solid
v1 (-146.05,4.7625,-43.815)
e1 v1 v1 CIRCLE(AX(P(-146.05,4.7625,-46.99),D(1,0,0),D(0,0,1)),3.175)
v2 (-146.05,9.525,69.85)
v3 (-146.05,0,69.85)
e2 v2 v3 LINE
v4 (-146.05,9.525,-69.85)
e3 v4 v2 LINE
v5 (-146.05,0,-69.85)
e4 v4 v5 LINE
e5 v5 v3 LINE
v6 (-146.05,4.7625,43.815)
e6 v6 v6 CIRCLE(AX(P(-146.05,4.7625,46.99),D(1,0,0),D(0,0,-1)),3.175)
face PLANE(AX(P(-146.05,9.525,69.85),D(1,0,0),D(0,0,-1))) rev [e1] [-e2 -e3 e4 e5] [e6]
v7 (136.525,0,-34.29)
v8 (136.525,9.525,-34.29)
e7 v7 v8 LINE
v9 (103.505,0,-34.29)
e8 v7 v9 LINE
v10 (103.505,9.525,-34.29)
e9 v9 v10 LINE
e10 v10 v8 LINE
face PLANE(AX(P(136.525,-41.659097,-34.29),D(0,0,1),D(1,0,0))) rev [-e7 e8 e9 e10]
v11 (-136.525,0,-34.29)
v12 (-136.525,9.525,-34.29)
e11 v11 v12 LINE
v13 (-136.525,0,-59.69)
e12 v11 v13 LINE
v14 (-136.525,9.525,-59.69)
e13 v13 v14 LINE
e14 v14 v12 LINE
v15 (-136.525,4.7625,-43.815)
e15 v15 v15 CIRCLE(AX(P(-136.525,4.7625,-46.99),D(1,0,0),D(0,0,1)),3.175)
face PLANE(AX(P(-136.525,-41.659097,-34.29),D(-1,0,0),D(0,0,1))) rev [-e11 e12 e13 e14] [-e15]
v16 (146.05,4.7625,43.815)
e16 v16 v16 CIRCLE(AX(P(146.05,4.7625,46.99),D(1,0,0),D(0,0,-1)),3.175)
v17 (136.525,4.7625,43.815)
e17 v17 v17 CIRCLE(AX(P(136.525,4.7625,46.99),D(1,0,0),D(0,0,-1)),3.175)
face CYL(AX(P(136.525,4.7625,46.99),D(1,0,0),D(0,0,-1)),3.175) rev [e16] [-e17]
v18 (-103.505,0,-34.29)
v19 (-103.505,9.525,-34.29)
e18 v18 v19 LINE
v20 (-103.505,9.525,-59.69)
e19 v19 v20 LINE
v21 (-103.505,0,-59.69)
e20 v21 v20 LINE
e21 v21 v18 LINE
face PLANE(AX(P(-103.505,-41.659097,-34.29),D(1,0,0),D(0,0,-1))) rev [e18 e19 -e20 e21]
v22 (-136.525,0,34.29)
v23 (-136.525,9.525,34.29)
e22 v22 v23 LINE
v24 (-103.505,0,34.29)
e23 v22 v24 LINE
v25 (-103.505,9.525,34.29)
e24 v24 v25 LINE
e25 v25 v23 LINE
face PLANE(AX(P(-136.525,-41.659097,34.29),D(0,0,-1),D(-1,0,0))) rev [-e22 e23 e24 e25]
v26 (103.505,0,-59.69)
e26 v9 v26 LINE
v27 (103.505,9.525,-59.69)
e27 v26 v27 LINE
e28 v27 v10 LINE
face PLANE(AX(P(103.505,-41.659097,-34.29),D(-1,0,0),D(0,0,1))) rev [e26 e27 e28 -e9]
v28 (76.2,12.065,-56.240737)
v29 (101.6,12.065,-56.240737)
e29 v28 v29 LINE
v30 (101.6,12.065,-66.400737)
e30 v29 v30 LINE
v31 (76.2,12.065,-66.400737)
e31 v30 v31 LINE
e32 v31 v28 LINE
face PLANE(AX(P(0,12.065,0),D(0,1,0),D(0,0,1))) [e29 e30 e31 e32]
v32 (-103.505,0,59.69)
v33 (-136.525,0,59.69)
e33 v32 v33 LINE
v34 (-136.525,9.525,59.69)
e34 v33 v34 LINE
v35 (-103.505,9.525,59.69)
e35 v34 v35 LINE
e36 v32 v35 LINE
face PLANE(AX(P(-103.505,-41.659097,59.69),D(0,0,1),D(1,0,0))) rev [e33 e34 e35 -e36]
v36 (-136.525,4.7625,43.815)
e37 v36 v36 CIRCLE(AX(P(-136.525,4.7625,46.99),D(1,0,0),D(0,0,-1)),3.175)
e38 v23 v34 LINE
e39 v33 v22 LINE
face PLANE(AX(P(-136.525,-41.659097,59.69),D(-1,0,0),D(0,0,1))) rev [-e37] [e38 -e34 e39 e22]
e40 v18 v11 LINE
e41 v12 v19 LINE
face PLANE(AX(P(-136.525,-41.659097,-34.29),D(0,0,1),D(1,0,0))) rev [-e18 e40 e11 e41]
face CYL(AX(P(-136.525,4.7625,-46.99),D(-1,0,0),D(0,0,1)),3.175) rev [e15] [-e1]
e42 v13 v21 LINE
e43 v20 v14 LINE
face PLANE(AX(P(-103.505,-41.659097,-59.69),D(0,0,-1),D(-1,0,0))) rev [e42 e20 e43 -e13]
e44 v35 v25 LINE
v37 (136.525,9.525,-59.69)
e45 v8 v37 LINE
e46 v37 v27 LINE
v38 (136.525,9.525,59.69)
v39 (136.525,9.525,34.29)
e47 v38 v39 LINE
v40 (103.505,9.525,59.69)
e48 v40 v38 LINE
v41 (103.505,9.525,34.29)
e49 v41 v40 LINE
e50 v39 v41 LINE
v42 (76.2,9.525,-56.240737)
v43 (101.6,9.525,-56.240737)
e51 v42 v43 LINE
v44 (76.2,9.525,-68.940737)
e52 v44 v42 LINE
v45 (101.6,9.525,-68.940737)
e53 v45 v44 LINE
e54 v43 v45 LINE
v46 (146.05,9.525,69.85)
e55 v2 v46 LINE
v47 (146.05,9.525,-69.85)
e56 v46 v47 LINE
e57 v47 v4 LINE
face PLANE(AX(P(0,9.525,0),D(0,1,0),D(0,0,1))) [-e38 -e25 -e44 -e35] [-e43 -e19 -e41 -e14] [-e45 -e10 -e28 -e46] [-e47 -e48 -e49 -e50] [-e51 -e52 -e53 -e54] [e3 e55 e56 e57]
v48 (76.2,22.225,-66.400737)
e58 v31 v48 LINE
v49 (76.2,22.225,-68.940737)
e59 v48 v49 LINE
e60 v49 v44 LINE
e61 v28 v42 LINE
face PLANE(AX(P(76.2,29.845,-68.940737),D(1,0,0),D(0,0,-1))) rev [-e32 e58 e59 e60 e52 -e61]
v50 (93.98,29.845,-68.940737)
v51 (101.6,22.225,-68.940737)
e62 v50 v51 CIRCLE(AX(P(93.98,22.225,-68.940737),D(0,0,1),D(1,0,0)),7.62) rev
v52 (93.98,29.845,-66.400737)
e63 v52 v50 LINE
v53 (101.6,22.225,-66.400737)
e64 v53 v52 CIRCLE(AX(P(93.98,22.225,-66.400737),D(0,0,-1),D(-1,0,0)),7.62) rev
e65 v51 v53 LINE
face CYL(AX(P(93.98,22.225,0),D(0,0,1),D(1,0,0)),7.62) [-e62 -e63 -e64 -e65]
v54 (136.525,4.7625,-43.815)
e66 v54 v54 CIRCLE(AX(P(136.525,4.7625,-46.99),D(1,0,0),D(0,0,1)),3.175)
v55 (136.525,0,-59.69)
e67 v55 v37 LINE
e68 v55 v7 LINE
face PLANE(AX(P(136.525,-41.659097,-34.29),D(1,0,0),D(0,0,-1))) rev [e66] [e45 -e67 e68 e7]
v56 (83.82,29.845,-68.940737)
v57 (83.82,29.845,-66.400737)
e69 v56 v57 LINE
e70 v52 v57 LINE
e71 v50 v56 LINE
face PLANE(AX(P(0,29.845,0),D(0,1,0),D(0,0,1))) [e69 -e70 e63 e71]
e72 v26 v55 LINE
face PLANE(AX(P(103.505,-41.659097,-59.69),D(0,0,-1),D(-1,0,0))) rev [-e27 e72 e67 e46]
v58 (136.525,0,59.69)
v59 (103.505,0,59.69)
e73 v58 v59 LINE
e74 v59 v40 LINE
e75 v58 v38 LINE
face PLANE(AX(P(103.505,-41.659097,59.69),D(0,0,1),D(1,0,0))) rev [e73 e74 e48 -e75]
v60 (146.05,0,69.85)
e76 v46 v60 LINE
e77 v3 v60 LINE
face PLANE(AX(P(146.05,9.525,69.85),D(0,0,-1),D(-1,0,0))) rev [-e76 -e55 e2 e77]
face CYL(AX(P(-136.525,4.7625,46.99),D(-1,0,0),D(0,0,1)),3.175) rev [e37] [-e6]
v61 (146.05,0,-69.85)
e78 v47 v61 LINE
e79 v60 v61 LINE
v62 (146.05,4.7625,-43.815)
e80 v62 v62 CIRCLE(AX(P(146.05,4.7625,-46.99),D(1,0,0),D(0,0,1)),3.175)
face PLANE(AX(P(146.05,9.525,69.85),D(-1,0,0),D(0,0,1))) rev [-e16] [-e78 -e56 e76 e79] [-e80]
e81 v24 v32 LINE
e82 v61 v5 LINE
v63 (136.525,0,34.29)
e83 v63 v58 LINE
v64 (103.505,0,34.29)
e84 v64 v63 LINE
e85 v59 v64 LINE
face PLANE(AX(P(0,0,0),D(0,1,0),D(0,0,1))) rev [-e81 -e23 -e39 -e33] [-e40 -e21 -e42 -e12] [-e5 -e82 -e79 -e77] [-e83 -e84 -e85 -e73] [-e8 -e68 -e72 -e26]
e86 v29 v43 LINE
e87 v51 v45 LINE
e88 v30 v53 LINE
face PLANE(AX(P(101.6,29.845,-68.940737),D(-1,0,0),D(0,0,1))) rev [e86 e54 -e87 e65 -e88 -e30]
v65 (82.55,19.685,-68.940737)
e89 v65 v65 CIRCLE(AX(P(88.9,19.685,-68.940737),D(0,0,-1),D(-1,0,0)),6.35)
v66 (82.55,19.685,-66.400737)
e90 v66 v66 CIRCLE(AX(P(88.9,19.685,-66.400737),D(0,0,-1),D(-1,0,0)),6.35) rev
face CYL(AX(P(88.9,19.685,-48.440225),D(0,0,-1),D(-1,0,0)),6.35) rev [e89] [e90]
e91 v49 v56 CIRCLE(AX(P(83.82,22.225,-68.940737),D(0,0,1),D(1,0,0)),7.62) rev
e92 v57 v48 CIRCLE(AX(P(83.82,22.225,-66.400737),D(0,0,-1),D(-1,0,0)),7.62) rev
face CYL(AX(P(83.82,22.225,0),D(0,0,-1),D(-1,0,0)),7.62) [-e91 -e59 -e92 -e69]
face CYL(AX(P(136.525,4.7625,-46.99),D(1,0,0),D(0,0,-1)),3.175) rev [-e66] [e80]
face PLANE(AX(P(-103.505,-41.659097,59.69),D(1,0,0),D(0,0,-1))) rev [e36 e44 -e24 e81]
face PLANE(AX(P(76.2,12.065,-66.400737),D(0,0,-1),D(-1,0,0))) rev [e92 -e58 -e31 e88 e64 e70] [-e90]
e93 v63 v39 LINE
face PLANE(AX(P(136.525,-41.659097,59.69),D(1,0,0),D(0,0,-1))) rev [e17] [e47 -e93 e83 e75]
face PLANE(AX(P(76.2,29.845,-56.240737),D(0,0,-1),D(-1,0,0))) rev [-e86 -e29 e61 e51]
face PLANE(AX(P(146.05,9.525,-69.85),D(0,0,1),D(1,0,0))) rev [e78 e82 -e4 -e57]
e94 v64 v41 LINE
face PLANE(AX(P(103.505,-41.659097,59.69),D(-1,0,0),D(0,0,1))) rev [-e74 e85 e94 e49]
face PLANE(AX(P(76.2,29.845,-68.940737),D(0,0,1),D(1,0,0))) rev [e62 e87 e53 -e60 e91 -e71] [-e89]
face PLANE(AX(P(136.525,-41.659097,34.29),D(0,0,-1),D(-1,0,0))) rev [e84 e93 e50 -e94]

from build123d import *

# Parameters (mm, degrees)
SKETCH1_W           = 292.1
SKETCH1_H           = 139.7
BOSS_EXTRUDE1_DEPTH = 9.525
SKETCH2_W           = 33.02
SKETCH2_H           = 25.4
CUT_EXTRUDE1_DEPTH  = 9.525
SKETCH3_R           = 3.175
CUT_EXTRUDE2_DEPTH  = 9.525
SKETCH4_W           = 25.4
SKETCH4_H           = 12.7
BOSS_EXTRUDE2_DEPTH = 20.32
SKETCH5_W           = 25.4
SKETCH5_H           = 10.16
CUT_EXTRUDE3_DEPTH  = 17.78
FILLET2_R           = 7.62
SKETCH6_R           = 6.35
CUT_EXTRUDE4_DEPTH  = 2.54


with BuildPart() as part:
    # Sketch1 → Boss-Extrude1 (new body)
    with BuildSketch(Plane(origin=(0, 0, 0), x_dir=(1, 0, 0), z_dir=(0, 1, 0))):
        Rectangle(SKETCH1_W, SKETCH1_H)
    extrude(amount=BOSS_EXTRUDE1_DEPTH)

    # Sketch2 → Cut-Extrude1 (cut)
    with BuildSketch(Plane(origin=(0, 9.525, 0), x_dir=(1, 0, 0), z_dir=(0, 1, 0))):
        with Locations((-120.015, 46.99)):
            Rectangle(SKETCH2_W, SKETCH2_H)
        with Locations((-120.015, -46.99)):
            Rectangle(SKETCH2_W, SKETCH2_H)
        with Locations((120.015, 46.99)):
            Rectangle(SKETCH2_W, SKETCH2_H)
        with Locations((120.015, -46.99)):
            Rectangle(SKETCH2_W, SKETCH2_H)
    extrude(amount=-CUT_EXTRUDE1_DEPTH, mode=Mode.SUBTRACT)

    # Sketch3 → Cut-Extrude2 (cut)
    with BuildSketch(Plane(origin=(146.05, 0, 0), x_dir=(0, 0, -1), z_dir=(1, 0, 0))):
        with Locations((-46.99, 4.7625)):
            Circle(SKETCH3_R)
        with Locations((46.99, 4.7625)):
            Circle(SKETCH3_R)
    cut_extrude2 = extrude(amount=-CUT_EXTRUDE2_DEPTH, mode=Mode.SUBTRACT)

    # Mirror1: Cut-Extrude2 across plane
    add(cut_extrude2.mirror(Plane(origin=(0, 0, 0), x_dir=(0, 0, 1), z_dir=(1, 0, 0))), mode=Mode.SUBTRACT)

    # Sketch4 → Boss-Extrude2 (add)
    with BuildSketch(Plane(origin=(0, 9.525, 0), x_dir=(1, 0, 0), z_dir=(0, 1, 0))):
        with Locations((88.9, 62.590737259)):
            Rectangle(SKETCH4_W, SKETCH4_H)
    extrude(amount=BOSS_EXTRUDE2_DEPTH)

    # Sketch5 → Cut-Extrude3 (cut)
    with BuildSketch(Plane(origin=(0, 29.845, 0), x_dir=(1, 0, 0), z_dir=(0, 1, 0))):
        with Locations((88.9, 61.320737259)):
            Rectangle(SKETCH5_W, SKETCH5_H)
    extrude(amount=-CUT_EXTRUDE3_DEPTH, mode=Mode.SUBTRACT)

    # Fillet2
    fillet2_edges = [part.edges().sort_by_distance(p)[0] for p in [
        (101.6, 29.845, -67.670737259),
        (76.2, 29.845, -67.670737259),
    ]]
    fillet(fillet2_edges, radius=FILLET2_R)

    # Sketch6 → Cut-Extrude4 (cut)
    with BuildSketch(Plane(origin=(0, 0, -68.940737259), x_dir=(-1, 0, 0), z_dir=(0, 0, -1))):
        with Locations((-88.9, 19.685)):
            Circle(SKETCH6_R)
    extrude(amount=-CUT_EXTRUDE4_DEPTH, mode=Mode.SUBTRACT)


solid = part.part
